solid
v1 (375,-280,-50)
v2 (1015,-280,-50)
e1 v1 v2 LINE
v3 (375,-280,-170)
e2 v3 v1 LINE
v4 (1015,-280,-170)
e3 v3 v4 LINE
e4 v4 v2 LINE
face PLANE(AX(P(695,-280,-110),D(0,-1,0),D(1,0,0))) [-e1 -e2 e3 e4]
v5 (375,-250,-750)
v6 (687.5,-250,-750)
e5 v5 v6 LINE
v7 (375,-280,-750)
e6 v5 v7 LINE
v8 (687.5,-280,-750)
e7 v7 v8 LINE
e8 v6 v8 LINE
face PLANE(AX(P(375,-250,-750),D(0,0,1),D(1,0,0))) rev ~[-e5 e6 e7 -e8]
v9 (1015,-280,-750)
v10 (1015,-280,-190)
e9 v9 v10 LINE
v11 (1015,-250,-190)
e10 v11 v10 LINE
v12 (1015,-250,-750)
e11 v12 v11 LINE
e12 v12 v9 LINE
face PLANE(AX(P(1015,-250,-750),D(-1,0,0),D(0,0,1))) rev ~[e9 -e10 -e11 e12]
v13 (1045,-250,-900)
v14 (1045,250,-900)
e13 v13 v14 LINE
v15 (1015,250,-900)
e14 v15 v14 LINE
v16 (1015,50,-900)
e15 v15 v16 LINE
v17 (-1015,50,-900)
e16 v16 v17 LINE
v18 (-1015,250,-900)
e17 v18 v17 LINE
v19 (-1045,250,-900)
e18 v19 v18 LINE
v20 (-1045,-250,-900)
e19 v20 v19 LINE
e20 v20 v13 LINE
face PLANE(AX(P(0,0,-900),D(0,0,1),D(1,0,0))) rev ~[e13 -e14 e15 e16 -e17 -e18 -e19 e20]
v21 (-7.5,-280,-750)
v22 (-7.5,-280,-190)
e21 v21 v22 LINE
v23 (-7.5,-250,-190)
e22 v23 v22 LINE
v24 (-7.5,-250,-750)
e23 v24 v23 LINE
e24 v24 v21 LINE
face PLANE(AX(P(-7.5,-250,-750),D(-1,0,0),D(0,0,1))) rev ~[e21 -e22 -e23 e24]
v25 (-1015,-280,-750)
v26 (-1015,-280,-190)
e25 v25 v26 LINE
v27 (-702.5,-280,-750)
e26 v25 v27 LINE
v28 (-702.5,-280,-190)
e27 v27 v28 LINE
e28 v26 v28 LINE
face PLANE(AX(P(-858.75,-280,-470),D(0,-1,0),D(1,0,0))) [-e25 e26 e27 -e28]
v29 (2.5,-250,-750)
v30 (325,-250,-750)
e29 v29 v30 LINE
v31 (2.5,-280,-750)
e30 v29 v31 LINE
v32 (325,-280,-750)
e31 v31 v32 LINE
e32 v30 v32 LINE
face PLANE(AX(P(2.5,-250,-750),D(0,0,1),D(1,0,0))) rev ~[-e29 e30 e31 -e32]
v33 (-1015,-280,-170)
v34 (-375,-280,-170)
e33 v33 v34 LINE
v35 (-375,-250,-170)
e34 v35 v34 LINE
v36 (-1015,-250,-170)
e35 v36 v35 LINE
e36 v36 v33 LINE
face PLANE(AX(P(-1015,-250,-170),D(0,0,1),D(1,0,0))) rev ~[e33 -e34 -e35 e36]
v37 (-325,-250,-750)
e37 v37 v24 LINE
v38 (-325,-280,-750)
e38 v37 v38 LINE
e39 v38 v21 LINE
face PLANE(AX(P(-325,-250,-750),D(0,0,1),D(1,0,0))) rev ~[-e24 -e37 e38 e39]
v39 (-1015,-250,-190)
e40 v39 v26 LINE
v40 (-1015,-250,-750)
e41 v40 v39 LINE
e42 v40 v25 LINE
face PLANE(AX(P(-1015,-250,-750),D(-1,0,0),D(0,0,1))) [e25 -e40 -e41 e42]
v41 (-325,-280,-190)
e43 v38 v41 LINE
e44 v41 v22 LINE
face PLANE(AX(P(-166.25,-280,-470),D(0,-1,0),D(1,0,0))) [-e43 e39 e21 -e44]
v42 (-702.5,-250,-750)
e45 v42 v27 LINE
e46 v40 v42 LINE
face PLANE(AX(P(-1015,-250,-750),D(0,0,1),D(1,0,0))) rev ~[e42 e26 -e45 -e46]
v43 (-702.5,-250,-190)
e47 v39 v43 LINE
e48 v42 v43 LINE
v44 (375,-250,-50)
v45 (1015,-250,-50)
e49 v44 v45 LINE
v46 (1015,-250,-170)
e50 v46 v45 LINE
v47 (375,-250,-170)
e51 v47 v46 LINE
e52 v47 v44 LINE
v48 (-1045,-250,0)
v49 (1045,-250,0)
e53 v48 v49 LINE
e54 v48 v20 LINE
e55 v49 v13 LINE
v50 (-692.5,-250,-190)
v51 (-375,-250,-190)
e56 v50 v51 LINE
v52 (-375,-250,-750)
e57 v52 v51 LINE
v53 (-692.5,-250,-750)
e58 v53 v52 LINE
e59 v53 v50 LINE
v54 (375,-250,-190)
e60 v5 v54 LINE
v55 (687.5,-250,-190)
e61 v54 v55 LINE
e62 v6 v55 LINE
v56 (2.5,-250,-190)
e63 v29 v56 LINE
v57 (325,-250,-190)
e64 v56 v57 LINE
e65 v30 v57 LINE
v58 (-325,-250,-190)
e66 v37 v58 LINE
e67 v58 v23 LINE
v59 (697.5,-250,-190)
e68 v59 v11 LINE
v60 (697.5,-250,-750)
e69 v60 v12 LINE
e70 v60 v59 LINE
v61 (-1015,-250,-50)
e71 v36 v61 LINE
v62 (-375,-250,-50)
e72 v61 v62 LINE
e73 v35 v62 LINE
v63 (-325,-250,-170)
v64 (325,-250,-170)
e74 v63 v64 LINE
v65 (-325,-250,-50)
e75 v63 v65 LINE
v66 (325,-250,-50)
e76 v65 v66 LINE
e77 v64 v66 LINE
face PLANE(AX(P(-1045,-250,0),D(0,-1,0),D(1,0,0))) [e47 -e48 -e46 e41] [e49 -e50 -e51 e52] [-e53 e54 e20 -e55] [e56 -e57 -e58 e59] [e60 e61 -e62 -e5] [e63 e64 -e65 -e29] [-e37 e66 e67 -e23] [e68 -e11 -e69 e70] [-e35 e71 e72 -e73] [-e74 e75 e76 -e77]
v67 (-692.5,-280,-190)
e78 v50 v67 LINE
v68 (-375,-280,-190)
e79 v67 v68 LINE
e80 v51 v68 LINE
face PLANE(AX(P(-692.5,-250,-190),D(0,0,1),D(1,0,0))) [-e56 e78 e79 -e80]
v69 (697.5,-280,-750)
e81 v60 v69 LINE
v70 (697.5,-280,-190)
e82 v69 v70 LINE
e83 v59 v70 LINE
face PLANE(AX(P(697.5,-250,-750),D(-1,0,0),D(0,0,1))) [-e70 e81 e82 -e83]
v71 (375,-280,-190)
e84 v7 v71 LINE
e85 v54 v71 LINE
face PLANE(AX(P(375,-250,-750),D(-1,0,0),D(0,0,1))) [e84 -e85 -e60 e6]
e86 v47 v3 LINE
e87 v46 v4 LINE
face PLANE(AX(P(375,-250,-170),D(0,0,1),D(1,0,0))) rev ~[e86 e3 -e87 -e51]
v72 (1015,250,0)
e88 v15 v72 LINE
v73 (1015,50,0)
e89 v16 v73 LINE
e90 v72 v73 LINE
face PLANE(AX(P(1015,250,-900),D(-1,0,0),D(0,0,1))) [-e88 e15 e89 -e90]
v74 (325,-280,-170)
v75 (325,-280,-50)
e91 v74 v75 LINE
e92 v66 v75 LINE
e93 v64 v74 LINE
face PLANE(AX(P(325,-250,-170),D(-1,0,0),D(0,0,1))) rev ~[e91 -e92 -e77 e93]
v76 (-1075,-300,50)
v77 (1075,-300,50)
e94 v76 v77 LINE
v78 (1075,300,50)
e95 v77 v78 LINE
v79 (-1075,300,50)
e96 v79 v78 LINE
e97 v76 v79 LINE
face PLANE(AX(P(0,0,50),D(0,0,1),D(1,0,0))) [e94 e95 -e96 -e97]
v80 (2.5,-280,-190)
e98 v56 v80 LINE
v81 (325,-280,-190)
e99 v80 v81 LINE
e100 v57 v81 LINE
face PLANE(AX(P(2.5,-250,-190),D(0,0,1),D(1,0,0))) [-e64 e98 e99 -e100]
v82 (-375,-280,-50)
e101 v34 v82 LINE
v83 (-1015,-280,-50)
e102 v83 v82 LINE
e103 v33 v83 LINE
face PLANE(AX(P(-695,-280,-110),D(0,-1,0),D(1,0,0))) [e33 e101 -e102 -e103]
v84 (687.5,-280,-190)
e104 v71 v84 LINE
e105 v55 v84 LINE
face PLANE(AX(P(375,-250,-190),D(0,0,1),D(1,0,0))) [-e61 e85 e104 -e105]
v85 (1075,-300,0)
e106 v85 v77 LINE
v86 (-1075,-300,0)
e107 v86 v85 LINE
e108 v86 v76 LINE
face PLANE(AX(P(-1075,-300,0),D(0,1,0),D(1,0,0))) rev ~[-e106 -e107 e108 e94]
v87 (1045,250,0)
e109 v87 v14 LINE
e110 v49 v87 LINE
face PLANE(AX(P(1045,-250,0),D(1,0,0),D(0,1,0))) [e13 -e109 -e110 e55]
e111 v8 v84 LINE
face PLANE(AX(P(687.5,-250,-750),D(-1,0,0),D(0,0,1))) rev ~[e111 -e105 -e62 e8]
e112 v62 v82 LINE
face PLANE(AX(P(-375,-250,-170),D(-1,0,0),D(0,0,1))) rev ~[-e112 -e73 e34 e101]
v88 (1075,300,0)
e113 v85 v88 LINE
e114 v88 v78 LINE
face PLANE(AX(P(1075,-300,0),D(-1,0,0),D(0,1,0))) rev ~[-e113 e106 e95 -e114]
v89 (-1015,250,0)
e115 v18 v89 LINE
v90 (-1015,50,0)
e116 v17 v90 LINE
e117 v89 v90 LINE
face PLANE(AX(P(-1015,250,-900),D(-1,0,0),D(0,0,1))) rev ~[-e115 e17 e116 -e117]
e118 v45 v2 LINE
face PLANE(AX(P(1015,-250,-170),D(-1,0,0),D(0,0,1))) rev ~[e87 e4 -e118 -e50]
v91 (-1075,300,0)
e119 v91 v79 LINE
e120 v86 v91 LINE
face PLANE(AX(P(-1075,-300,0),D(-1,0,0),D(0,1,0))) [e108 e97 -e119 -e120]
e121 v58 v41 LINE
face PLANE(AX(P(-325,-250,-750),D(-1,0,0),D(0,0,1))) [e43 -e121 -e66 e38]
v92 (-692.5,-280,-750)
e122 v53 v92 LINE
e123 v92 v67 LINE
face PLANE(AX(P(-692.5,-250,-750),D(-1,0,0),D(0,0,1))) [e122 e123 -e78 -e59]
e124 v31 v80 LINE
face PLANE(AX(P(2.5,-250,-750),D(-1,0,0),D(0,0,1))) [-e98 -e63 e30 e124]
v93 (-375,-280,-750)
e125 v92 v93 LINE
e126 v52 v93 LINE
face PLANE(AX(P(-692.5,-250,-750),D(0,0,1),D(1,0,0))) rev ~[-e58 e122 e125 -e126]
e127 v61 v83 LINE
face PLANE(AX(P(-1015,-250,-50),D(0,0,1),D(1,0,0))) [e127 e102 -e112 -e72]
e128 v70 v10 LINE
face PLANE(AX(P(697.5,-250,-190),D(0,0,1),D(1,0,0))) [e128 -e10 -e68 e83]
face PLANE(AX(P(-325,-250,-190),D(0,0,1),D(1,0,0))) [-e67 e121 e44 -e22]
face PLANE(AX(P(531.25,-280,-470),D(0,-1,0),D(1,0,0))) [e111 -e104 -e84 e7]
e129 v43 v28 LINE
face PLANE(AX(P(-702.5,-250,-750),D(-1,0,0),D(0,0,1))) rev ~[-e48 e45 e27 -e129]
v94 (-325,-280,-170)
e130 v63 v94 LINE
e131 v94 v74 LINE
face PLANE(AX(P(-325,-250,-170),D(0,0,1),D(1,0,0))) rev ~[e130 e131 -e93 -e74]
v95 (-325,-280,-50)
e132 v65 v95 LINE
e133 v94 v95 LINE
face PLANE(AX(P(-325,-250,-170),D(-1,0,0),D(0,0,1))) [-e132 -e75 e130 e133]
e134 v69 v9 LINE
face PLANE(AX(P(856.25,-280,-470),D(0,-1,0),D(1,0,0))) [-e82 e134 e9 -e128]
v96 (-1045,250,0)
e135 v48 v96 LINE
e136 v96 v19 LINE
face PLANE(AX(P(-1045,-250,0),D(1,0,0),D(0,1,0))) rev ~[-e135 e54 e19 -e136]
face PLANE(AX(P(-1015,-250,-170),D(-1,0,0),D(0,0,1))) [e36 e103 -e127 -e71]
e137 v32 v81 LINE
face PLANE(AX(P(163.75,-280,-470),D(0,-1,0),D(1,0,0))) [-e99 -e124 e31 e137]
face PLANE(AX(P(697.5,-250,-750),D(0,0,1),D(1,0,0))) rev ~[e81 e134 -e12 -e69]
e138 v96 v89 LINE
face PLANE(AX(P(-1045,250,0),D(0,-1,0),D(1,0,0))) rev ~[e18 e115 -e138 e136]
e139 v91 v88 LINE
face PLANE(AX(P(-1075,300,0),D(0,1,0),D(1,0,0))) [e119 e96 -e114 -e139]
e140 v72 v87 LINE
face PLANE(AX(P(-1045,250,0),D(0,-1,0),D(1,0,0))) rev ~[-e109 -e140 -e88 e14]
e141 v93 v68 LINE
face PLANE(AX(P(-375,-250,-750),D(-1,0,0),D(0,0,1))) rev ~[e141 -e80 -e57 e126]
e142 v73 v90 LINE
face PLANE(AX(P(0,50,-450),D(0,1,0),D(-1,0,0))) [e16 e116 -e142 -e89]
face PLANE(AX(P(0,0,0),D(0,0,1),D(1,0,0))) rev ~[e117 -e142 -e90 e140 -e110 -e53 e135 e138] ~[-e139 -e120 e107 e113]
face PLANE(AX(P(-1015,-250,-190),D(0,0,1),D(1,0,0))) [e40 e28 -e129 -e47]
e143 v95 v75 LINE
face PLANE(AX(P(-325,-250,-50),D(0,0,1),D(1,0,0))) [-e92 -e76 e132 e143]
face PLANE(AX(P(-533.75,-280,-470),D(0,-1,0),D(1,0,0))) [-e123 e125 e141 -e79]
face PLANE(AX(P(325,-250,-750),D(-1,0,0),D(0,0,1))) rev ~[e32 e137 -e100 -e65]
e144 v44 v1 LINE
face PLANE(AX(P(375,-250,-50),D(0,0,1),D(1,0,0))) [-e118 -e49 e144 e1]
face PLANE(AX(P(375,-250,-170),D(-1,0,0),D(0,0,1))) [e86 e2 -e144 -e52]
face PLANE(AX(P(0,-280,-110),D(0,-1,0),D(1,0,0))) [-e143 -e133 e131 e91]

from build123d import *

# Parameters (mm, degrees)
F0_W     = 2150
F0_H     = 600
F1_DEPTH = 50
F2_W     = 2090
F2_H     = 500
F3_DEPTH = 900
F4_W     = 640
F4_H     = 120
F4_W_2   = 650
F4_W_3   = 312.5
F4_H_2   = 560
F4_W_4   = 317.5
F4_W_5   = 322.5
F5_DEPTH = 30
F6_W     = 2030
F6_H     = 900
F7_DEPTH = 200


with BuildPart() as f1:
    # F0 (on Top) → F1 (new body)
    with BuildSketch(Plane.XY):
        Rectangle(F0_W, F0_H)
    extrude(amount=F1_DEPTH)

    # F2 (on Top) → F3 (join)
    with BuildSketch(Plane.XY):
        Rectangle(F2_W, F2_H)
    extrude(amount=-F3_DEPTH)

    # F4 (on face) → F5 (join)
    with BuildSketch(Plane.XZ.offset(250)):
        with Locations((-695, -110)):
            Rectangle(F4_W, F4_H)
        with Locations((0, -110)):
            Rectangle(F4_W_2, F4_H)
        with Locations((695, -110)):
            Rectangle(F4_W, F4_H)
        with Locations((-858.75, -470)):
            Rectangle(F4_W_3, F4_H_2)
        with Locations((-533.75, -470)):
            Rectangle(F4_W_4, F4_H_2)
        with Locations((-166.25, -470)):
            Rectangle(F4_W_4, F4_H_2)
        with Locations((163.75, -470)):
            Rectangle(F4_W_5, F4_H_2)
        with Locations((531.25, -470)):
            Rectangle(F4_W_3, F4_H_2)
        with Locations((856.25, -470)):
            Rectangle(F4_W_4, F4_H_2)
    extrude(amount=F5_DEPTH)

    # F6 (on face) → F7 (cut)
    with BuildSketch(Plane(origin=(0, 250, 0), x_dir=(-1, 0, 0), z_dir=(0, 1, 0))):
        with Locations((0, -450)):
            Rectangle(F6_W, F6_H)
    extrude(amount=-F7_DEPTH, mode=Mode.SUBTRACT)


solid = f1.part
